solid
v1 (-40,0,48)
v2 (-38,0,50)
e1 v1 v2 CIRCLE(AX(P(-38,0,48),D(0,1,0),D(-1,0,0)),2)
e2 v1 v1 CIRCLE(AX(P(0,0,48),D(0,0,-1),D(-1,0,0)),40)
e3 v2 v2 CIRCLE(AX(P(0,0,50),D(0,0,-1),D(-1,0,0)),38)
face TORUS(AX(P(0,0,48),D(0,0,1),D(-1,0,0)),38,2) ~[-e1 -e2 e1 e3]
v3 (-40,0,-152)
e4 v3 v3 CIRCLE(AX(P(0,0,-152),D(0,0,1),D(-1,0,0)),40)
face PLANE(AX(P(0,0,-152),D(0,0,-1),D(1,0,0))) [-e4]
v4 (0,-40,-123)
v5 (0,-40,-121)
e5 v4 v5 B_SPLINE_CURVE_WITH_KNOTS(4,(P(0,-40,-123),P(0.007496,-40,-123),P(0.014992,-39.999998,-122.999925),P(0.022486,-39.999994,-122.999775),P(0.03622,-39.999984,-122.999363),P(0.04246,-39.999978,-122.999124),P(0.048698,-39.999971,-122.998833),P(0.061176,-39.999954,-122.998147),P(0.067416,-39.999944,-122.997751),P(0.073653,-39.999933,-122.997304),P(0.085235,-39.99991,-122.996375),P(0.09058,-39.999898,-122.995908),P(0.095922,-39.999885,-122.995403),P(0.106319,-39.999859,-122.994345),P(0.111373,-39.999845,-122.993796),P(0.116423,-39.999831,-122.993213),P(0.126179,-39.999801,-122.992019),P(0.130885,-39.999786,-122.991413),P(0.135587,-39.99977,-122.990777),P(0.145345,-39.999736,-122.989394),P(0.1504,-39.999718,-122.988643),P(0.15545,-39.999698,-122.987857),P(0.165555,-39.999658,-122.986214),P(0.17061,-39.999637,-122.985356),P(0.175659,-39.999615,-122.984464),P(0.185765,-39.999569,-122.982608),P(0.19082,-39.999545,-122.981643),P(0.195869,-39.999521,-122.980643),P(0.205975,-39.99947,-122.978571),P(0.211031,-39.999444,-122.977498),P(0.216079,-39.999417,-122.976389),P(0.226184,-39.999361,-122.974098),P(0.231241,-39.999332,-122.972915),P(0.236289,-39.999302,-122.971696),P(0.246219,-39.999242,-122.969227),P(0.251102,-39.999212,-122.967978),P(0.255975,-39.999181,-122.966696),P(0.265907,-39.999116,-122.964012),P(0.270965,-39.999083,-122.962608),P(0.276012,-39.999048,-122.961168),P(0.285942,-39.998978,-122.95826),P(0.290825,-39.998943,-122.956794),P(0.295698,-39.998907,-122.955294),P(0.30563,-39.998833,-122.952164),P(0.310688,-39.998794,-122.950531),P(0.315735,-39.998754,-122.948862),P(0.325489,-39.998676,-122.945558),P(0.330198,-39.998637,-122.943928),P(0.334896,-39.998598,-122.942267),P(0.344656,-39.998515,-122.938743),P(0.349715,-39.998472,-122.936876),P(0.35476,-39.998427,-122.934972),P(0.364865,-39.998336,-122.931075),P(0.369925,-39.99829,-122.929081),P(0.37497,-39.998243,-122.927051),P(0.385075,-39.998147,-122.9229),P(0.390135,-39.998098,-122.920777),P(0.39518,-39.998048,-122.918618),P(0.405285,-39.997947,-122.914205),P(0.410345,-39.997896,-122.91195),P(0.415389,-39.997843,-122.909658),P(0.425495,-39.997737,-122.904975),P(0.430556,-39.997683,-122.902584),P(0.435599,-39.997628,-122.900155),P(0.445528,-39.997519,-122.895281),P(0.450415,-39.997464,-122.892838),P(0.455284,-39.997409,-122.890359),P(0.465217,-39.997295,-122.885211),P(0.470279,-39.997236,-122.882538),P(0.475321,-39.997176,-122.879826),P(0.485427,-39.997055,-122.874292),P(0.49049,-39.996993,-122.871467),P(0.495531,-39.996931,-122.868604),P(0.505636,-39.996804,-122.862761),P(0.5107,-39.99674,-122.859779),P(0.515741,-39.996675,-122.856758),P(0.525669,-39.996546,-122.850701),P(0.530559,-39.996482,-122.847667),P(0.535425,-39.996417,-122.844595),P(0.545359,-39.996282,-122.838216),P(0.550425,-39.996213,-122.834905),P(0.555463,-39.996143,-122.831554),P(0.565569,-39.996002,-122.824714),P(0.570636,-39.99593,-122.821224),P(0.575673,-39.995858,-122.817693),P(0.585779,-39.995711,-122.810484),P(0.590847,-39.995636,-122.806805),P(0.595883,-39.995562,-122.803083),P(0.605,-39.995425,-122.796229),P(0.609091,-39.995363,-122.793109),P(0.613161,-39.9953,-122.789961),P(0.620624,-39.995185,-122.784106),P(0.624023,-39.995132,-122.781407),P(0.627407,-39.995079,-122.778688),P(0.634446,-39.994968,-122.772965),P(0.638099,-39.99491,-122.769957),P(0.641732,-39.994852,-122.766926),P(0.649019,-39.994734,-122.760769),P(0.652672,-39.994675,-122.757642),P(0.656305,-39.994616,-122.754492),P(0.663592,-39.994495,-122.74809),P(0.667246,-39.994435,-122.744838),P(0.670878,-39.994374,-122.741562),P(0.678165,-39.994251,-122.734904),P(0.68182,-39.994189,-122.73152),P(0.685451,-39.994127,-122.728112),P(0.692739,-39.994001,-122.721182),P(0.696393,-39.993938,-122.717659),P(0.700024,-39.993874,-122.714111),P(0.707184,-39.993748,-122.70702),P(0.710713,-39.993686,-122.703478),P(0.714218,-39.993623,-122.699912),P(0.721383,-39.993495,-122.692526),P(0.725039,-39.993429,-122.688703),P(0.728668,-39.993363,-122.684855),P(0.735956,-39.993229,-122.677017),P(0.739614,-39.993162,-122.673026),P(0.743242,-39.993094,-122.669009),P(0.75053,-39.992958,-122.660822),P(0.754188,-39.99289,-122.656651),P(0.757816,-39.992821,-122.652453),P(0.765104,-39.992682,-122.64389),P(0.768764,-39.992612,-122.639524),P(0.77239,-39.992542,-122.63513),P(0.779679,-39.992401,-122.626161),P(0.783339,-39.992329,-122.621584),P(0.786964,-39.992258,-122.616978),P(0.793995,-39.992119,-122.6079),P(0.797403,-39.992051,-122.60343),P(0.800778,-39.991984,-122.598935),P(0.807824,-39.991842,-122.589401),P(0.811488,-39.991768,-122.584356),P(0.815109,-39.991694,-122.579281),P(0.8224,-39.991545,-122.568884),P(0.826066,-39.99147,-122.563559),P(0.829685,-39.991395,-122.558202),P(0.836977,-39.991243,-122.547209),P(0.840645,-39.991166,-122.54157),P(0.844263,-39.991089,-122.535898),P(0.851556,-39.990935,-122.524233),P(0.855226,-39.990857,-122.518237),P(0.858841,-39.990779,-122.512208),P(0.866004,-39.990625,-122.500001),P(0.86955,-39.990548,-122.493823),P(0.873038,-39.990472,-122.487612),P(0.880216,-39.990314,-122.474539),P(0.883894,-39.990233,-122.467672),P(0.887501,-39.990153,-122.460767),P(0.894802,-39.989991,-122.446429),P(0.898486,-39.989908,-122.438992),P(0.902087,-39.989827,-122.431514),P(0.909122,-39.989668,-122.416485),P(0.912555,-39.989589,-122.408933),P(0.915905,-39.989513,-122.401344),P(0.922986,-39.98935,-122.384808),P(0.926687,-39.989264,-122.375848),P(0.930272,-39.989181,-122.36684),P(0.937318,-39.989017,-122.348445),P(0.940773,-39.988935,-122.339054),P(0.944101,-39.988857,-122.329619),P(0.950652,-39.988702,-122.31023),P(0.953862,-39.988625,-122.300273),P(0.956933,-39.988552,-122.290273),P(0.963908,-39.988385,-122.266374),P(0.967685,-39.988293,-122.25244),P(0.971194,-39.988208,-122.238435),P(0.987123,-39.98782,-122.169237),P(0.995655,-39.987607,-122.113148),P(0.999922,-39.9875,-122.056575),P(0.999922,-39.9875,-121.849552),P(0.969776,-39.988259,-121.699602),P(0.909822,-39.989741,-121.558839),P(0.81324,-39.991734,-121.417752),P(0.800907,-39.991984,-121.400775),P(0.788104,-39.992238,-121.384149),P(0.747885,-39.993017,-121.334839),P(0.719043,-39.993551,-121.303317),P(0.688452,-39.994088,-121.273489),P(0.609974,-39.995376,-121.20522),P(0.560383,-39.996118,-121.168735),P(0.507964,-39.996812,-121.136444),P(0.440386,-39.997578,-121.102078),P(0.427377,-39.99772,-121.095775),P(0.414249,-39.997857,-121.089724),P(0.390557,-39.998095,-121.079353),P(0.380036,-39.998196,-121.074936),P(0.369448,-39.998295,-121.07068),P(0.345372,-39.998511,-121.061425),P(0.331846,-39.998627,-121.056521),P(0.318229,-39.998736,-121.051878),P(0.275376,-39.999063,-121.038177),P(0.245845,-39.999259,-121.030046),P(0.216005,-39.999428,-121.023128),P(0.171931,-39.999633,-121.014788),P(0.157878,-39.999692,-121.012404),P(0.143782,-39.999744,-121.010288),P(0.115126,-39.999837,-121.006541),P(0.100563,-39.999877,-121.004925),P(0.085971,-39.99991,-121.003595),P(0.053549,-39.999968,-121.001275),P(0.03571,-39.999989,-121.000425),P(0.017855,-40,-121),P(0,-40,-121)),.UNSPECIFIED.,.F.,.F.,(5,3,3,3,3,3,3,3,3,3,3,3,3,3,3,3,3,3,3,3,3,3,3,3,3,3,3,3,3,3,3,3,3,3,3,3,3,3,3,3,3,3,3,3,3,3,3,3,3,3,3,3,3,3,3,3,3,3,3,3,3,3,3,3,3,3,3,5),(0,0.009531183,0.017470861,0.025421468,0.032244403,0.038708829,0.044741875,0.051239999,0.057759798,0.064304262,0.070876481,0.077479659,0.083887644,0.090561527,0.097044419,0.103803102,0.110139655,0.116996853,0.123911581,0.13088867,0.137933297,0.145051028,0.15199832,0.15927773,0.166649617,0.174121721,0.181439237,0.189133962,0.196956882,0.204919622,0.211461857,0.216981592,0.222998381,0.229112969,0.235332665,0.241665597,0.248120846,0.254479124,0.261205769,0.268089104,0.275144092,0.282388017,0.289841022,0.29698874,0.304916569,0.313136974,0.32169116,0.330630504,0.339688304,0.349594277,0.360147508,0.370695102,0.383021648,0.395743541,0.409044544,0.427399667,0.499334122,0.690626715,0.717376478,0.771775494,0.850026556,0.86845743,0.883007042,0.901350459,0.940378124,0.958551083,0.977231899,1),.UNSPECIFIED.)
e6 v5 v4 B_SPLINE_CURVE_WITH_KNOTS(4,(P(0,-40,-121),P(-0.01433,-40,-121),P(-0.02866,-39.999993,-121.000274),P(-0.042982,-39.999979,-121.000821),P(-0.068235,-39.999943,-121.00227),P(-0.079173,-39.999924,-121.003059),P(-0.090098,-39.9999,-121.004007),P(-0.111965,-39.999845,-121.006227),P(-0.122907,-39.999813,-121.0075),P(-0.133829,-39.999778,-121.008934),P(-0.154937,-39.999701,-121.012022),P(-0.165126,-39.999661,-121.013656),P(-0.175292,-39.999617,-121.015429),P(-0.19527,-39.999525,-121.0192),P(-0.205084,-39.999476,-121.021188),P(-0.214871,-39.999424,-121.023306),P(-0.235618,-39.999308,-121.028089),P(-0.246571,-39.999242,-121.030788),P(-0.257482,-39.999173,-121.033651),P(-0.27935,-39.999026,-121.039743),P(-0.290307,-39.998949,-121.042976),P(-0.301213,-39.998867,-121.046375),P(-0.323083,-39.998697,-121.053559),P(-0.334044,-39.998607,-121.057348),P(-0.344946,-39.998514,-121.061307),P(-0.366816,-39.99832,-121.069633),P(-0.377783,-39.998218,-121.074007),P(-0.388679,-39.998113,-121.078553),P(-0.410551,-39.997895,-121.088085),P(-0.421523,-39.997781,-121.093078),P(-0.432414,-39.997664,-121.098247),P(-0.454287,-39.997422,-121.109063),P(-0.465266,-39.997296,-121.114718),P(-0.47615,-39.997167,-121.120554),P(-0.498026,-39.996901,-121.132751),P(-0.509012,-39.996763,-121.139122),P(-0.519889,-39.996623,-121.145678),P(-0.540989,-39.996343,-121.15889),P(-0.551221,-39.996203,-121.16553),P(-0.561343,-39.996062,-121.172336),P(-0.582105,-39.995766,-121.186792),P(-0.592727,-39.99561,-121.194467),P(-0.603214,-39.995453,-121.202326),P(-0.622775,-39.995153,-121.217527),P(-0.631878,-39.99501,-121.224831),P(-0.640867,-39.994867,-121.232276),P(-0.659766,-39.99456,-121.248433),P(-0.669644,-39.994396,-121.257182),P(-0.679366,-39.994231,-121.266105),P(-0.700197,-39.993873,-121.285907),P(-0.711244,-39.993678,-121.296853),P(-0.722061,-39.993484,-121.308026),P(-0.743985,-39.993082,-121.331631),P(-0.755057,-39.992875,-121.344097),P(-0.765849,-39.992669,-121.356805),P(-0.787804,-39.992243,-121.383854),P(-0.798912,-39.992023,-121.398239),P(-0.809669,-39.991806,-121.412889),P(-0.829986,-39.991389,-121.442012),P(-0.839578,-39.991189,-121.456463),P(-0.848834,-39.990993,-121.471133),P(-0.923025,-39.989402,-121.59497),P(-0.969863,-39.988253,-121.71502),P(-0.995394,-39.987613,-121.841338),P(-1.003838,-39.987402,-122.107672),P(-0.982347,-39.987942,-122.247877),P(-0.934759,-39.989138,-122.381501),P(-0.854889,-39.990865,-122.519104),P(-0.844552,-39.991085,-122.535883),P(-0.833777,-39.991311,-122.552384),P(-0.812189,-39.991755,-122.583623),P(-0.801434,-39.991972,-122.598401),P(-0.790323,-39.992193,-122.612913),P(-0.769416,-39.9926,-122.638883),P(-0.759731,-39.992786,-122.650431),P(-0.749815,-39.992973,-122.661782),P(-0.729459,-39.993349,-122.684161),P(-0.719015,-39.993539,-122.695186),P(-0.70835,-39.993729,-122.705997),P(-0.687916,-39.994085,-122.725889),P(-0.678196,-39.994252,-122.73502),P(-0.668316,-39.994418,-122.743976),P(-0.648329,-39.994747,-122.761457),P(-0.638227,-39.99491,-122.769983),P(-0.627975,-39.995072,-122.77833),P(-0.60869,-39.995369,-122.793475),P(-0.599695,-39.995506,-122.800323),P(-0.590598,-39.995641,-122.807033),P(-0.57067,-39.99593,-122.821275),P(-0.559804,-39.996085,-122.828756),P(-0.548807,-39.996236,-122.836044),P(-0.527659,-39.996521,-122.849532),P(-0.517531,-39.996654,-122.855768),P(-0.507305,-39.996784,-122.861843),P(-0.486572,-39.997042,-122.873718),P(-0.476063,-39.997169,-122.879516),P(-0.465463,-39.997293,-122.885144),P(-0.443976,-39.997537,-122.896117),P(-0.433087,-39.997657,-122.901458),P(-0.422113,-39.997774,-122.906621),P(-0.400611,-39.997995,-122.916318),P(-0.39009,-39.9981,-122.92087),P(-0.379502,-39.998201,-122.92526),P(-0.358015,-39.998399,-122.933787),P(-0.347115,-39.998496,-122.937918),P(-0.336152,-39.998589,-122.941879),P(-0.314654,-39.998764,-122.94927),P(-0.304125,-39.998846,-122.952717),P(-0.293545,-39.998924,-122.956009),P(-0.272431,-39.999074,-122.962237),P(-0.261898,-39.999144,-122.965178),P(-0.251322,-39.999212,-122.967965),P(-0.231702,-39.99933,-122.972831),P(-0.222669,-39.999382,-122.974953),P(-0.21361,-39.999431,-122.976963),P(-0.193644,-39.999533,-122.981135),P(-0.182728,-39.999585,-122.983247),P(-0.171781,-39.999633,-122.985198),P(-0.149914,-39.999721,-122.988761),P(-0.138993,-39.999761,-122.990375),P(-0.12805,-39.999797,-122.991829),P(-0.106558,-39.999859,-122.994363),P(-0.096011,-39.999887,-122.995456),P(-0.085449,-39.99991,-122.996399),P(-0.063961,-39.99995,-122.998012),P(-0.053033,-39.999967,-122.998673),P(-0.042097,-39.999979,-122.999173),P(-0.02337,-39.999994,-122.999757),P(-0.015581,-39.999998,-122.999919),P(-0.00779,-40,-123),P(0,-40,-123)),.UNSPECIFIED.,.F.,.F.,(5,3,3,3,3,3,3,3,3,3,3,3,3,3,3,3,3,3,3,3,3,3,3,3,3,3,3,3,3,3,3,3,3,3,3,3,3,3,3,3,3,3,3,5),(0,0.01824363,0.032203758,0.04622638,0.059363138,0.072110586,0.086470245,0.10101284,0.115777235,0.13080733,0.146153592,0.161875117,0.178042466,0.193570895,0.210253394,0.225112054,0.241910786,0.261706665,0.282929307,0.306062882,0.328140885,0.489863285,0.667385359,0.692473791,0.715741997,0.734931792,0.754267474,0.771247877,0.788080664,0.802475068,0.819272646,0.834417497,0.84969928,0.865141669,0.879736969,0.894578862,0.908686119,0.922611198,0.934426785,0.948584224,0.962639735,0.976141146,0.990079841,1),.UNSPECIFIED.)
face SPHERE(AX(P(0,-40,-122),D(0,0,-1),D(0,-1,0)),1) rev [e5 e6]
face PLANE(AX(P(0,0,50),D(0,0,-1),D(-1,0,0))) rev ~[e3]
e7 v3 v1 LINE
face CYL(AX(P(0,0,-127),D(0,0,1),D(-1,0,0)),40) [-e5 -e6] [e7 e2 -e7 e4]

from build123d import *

# Parameters (mm, degrees)
F0_W     = 40
F0_H     = 50
F0_H_2   = 150
F3_R     = 2
F2_R     = 40
F4_DEPTH = 23
F7_DEPTH = 25


with BuildPart() as f1:
    # F0 (on Front) → F1 (revolve)
    with BuildSketch(Plane.XZ):
        with Locations((-20, 25)):
            Rectangle(F0_W, F0_H)
        with Locations((-20, -75)):
            Rectangle(F0_W, F0_H_2)
    revolve(axis=Axis((0, 0, -53.9682246745), (0, 0, -1)))

    # F3
    f3_edges = [f1.edges().sort_by_distance(p)[0] for p in [
        (40, 0, 50),
    ]]
    fillet(f3_edges, radius=F3_R)

    # F2 (on face) → F4 (cut)
    with BuildSketch(Plane(origin=(0, 0, -150), x_dir=(1, 0, 0), z_dir=(0, 0, -1))):
        Circle(F2_R)
    extrude(amount=-F4_DEPTH, mode=Mode.SUBTRACT)

    # F5 (on Right) → F6 (revolve, cut)
    with BuildSketch(Plane.YZ):
        with BuildLine():
            ThreePointArc((-40, -121), (-41, -122), (-40, -123))
            Line((-40, -123), (-40, -122))
            Line((-40, -122), (-40, -121))
        make_face()
    revolve(axis=Axis((0, -40, -39.5), (0, 0, 1)), mode=Mode.SUBTRACT)

    # F7 (add): a face of the model
    f7_faces = [f1.faces().sort_by_distance(p)[0] for p in [
        (0, 0, -127),
    ]]
    extrude(f7_faces, amount=F7_DEPTH)


solid = f1.part
